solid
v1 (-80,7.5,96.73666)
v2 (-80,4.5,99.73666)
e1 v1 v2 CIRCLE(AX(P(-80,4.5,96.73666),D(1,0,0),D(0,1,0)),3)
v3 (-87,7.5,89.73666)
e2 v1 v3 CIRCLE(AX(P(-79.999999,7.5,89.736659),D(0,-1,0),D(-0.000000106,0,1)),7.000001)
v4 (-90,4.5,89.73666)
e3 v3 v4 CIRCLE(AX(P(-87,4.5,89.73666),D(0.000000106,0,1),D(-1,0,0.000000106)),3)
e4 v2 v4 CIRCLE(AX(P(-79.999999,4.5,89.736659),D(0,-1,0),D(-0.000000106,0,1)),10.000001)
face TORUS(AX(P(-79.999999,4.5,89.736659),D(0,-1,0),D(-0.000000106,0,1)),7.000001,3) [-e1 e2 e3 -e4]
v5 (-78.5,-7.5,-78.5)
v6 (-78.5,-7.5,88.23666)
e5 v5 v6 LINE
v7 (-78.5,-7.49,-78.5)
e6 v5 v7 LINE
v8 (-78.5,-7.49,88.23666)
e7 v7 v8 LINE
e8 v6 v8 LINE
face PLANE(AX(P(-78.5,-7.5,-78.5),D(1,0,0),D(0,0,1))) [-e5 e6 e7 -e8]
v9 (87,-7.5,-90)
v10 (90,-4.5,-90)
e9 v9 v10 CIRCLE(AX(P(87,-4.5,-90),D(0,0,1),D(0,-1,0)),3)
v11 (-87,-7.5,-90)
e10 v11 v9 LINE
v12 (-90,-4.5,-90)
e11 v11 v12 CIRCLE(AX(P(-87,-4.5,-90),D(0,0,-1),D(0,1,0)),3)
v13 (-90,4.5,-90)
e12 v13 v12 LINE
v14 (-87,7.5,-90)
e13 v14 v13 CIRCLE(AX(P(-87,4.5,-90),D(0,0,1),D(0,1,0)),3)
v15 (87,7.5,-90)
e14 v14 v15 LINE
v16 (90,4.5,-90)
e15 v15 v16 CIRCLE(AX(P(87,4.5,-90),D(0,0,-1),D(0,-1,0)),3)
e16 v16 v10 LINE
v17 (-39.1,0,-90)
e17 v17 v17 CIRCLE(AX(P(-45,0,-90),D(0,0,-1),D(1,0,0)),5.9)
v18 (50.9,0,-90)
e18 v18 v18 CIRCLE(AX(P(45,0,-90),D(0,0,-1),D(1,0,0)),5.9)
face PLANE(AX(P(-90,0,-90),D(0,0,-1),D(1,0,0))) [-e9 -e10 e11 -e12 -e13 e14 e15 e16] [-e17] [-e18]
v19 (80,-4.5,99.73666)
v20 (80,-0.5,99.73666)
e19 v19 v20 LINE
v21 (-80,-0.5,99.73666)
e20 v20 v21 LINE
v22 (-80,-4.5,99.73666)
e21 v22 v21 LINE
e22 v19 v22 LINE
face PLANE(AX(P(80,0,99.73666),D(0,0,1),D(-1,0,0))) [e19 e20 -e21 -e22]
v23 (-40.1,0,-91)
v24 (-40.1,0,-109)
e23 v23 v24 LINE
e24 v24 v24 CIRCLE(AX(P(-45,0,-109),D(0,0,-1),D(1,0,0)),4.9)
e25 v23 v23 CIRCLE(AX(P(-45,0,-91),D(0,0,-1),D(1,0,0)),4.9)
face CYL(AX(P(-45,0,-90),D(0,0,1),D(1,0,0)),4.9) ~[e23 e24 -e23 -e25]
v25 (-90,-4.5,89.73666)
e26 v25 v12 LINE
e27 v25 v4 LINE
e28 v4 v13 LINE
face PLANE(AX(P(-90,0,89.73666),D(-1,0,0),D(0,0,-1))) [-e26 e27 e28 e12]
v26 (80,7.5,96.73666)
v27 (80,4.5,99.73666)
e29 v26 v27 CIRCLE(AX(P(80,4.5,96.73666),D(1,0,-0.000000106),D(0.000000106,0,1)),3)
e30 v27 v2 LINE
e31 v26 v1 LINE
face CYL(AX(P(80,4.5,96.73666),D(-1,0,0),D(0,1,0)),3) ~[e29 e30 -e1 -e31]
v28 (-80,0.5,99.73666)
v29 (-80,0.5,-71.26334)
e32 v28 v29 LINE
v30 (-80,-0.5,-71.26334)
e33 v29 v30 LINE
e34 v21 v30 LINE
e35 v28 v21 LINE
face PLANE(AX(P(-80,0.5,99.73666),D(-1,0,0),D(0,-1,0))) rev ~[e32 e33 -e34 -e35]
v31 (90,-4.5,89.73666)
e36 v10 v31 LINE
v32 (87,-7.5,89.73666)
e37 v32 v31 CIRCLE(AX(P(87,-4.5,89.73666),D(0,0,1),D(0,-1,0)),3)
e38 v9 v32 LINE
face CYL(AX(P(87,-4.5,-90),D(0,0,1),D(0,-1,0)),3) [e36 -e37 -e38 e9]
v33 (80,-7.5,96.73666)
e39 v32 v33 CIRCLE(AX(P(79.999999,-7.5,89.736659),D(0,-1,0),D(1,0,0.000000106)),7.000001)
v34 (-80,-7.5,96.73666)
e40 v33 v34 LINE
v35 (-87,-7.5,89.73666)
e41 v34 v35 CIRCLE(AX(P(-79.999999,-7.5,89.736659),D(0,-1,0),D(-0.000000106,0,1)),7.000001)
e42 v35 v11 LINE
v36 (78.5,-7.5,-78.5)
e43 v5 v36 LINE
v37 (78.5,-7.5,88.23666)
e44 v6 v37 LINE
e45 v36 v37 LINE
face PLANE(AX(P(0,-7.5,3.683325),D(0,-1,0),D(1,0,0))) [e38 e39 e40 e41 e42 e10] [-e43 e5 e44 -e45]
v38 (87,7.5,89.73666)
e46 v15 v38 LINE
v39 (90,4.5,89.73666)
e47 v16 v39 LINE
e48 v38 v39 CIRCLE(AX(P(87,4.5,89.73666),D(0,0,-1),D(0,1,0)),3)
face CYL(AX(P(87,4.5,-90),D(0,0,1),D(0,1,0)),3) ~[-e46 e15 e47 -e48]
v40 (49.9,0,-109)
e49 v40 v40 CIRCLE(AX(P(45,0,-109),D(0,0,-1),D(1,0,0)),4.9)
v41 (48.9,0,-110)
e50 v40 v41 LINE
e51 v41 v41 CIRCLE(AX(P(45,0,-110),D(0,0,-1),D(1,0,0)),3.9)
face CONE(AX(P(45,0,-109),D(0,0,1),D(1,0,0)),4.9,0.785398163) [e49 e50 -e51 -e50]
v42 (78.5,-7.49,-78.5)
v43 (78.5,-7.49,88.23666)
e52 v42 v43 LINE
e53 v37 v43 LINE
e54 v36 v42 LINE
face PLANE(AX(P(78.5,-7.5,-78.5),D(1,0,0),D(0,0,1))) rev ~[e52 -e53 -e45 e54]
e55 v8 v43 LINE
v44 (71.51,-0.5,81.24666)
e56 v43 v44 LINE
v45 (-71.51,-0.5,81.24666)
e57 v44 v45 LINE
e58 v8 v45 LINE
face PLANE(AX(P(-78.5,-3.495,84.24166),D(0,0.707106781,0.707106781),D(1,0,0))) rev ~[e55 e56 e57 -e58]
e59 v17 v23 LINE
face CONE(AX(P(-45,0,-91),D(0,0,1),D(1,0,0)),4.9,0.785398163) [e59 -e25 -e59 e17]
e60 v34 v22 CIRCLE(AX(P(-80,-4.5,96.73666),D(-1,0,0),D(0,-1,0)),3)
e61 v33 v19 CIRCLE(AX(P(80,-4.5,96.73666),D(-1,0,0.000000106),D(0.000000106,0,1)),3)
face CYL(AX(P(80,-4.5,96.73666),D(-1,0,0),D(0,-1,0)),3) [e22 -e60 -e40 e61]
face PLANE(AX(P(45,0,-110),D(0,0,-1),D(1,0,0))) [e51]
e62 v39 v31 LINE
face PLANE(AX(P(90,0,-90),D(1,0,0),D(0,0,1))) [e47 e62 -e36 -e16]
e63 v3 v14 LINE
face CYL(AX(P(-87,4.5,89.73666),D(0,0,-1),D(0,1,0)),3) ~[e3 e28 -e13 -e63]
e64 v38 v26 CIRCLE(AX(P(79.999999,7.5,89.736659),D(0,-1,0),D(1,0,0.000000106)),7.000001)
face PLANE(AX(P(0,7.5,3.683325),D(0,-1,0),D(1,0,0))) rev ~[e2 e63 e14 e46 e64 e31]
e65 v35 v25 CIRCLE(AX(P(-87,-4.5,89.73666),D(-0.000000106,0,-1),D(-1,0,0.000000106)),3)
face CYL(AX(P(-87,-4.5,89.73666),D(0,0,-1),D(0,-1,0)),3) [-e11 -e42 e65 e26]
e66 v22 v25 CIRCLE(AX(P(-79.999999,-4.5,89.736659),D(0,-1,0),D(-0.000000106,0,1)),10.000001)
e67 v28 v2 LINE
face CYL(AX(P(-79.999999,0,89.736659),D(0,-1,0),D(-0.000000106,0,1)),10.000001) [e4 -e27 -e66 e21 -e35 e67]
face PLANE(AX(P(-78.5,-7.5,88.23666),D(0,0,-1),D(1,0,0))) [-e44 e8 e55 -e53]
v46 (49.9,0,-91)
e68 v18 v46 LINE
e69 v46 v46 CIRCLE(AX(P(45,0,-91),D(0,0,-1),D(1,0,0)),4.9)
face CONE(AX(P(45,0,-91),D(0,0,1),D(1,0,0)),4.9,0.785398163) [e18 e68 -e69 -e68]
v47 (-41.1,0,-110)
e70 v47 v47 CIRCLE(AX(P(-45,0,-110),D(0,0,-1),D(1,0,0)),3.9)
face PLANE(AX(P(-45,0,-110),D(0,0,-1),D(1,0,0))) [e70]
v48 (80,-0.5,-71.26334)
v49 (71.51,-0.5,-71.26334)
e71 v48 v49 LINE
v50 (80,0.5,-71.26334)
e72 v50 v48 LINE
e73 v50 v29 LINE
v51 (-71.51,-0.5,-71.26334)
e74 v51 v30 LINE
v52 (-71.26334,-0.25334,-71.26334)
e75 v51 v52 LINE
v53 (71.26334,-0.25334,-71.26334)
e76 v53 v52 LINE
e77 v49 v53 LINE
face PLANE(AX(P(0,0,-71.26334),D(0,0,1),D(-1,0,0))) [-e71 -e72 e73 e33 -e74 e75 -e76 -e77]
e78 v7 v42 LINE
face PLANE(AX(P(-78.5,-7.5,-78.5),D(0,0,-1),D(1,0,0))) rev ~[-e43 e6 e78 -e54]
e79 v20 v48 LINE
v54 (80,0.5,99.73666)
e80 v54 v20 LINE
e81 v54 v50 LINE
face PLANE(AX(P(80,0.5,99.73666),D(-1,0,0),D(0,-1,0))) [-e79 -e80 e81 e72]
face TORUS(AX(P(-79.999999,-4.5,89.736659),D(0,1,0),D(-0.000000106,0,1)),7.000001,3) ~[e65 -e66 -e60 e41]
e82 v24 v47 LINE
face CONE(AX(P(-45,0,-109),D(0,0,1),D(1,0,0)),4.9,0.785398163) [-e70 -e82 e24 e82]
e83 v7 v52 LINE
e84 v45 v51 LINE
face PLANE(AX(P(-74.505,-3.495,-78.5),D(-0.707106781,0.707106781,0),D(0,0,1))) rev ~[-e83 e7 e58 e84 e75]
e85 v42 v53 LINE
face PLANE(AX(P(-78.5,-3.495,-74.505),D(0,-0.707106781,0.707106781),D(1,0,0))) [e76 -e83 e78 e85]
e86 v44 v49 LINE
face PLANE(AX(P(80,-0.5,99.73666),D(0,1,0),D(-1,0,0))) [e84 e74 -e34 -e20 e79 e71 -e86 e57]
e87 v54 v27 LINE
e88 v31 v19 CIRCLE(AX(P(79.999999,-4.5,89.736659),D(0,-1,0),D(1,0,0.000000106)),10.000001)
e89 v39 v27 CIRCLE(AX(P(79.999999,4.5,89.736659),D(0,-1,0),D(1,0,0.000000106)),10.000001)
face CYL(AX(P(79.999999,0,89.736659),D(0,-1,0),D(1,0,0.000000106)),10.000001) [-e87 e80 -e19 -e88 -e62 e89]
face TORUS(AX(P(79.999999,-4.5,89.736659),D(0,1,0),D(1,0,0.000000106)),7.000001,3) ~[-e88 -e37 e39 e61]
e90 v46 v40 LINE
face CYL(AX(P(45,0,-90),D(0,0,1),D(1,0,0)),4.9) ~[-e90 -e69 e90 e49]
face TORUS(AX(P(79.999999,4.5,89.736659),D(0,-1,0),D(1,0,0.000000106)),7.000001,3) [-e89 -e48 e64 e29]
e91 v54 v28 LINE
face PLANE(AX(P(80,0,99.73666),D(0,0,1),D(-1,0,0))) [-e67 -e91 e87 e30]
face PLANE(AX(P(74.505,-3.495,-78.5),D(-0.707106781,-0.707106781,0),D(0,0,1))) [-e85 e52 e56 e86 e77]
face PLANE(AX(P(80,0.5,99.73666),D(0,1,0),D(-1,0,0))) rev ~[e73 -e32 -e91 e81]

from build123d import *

# Parameters (mm, degrees)
PAD_DEPTH       = 7.5
SKETCH001_W     = 157
SKETCH001_H     = 166.73666
POCKET_DEPTH    = 8
CHAMFER_SIZE    = 7.99
SKETCH002_R     = 4.9
PAD001_DEPTH    = 20
CHAMFER001_SIZE = 1
FILLET_R        = 3
SKETCH003_W     = 160
SKETCH003_H     = 1
POCKET001_DEPTH = 171


with BuildPart() as part:
    # Sketch → Pad (new body, symmetric)
    with BuildSketch(Plane.XZ):
        with BuildLine():
            Line((-90, 89.73666), (-90, -90))
            Line((-90, -90), (90, -90))
            Line((90, -90), (90, 89.73666))
            ThreePointArc((90, 89.73666), (87.071068, 96.807727), (80, 99.73666))
            Line((80, 99.73666), (-80, 99.73666))
            ThreePointArc((-80, 99.73666), (-87.071068, 96.807727), (-90, 89.73666))
        make_face()
    extrude(amount=PAD_DEPTH, both=True)

    # Sketch001 (on Face8 of Pad) → Pocket (cut)
    with BuildSketch(Plane.XZ.offset(7.5)):
        with Locations((0, 4.86833)):
            Rectangle(SKETCH001_W, SKETCH001_H)
    extrude(amount=-POCKET_DEPTH, mode=Mode.SUBTRACT)

    # Chamfer
    chamfer_edges = [part.edges().sort_by_distance(p)[0] for p in [
        (0, 0.5, 88.23666),
        (-78.5, 0.5, 4.86833),
        (0, 0.5, -78.5),
        (78.5, 0.5, 4.86833),
    ]]
    chamfer(chamfer_edges, length=CHAMFER_SIZE)

    # Sketch002 (on Face3 of Pocket) → Pad001 (join)
    with BuildSketch(Plane(origin=(0, 0, -90), x_dir=(1, 0, 0), z_dir=(0, 0, -1))):
        with Locations((-45, 0)):
            Circle(SKETCH002_R)
        with Locations((45, 0)):
            Circle(SKETCH002_R)
    extrude(amount=PAD001_DEPTH)

    # Chamfer001
    chamfer001_edges = [part.edges().sort_by_distance(p)[0] for p in [
        (40.1, 0, -90),
        (-49.9, 0, -90),
        (-49.9, 0, -110),
        (40.1, 0, -110),
    ]]
    chamfer(chamfer001_edges, length=CHAMFER001_SIZE)

    # Fillet
    fillet_edges = [part.edges().sort_by_distance(p)[0] for p in [
        (90, -7.5, -0.13167),
        (90, 7.5, -0.13167),
    ]]
    fillet(fillet_edges, radius=FILLET_R)

    # Sketch003 (on Face26 of Fillet) → Pocket001 (cut)
    with BuildSketch(Plane(origin=(0, 0, 99.73666), x_dir=(-1, 0, 0), z_dir=(0, 0, 1))):
        Rectangle(SKETCH003_W, SKETCH003_H)
    extrude(amount=-POCKET001_DEPTH, mode=Mode.SUBTRACT)


solid = part.part
